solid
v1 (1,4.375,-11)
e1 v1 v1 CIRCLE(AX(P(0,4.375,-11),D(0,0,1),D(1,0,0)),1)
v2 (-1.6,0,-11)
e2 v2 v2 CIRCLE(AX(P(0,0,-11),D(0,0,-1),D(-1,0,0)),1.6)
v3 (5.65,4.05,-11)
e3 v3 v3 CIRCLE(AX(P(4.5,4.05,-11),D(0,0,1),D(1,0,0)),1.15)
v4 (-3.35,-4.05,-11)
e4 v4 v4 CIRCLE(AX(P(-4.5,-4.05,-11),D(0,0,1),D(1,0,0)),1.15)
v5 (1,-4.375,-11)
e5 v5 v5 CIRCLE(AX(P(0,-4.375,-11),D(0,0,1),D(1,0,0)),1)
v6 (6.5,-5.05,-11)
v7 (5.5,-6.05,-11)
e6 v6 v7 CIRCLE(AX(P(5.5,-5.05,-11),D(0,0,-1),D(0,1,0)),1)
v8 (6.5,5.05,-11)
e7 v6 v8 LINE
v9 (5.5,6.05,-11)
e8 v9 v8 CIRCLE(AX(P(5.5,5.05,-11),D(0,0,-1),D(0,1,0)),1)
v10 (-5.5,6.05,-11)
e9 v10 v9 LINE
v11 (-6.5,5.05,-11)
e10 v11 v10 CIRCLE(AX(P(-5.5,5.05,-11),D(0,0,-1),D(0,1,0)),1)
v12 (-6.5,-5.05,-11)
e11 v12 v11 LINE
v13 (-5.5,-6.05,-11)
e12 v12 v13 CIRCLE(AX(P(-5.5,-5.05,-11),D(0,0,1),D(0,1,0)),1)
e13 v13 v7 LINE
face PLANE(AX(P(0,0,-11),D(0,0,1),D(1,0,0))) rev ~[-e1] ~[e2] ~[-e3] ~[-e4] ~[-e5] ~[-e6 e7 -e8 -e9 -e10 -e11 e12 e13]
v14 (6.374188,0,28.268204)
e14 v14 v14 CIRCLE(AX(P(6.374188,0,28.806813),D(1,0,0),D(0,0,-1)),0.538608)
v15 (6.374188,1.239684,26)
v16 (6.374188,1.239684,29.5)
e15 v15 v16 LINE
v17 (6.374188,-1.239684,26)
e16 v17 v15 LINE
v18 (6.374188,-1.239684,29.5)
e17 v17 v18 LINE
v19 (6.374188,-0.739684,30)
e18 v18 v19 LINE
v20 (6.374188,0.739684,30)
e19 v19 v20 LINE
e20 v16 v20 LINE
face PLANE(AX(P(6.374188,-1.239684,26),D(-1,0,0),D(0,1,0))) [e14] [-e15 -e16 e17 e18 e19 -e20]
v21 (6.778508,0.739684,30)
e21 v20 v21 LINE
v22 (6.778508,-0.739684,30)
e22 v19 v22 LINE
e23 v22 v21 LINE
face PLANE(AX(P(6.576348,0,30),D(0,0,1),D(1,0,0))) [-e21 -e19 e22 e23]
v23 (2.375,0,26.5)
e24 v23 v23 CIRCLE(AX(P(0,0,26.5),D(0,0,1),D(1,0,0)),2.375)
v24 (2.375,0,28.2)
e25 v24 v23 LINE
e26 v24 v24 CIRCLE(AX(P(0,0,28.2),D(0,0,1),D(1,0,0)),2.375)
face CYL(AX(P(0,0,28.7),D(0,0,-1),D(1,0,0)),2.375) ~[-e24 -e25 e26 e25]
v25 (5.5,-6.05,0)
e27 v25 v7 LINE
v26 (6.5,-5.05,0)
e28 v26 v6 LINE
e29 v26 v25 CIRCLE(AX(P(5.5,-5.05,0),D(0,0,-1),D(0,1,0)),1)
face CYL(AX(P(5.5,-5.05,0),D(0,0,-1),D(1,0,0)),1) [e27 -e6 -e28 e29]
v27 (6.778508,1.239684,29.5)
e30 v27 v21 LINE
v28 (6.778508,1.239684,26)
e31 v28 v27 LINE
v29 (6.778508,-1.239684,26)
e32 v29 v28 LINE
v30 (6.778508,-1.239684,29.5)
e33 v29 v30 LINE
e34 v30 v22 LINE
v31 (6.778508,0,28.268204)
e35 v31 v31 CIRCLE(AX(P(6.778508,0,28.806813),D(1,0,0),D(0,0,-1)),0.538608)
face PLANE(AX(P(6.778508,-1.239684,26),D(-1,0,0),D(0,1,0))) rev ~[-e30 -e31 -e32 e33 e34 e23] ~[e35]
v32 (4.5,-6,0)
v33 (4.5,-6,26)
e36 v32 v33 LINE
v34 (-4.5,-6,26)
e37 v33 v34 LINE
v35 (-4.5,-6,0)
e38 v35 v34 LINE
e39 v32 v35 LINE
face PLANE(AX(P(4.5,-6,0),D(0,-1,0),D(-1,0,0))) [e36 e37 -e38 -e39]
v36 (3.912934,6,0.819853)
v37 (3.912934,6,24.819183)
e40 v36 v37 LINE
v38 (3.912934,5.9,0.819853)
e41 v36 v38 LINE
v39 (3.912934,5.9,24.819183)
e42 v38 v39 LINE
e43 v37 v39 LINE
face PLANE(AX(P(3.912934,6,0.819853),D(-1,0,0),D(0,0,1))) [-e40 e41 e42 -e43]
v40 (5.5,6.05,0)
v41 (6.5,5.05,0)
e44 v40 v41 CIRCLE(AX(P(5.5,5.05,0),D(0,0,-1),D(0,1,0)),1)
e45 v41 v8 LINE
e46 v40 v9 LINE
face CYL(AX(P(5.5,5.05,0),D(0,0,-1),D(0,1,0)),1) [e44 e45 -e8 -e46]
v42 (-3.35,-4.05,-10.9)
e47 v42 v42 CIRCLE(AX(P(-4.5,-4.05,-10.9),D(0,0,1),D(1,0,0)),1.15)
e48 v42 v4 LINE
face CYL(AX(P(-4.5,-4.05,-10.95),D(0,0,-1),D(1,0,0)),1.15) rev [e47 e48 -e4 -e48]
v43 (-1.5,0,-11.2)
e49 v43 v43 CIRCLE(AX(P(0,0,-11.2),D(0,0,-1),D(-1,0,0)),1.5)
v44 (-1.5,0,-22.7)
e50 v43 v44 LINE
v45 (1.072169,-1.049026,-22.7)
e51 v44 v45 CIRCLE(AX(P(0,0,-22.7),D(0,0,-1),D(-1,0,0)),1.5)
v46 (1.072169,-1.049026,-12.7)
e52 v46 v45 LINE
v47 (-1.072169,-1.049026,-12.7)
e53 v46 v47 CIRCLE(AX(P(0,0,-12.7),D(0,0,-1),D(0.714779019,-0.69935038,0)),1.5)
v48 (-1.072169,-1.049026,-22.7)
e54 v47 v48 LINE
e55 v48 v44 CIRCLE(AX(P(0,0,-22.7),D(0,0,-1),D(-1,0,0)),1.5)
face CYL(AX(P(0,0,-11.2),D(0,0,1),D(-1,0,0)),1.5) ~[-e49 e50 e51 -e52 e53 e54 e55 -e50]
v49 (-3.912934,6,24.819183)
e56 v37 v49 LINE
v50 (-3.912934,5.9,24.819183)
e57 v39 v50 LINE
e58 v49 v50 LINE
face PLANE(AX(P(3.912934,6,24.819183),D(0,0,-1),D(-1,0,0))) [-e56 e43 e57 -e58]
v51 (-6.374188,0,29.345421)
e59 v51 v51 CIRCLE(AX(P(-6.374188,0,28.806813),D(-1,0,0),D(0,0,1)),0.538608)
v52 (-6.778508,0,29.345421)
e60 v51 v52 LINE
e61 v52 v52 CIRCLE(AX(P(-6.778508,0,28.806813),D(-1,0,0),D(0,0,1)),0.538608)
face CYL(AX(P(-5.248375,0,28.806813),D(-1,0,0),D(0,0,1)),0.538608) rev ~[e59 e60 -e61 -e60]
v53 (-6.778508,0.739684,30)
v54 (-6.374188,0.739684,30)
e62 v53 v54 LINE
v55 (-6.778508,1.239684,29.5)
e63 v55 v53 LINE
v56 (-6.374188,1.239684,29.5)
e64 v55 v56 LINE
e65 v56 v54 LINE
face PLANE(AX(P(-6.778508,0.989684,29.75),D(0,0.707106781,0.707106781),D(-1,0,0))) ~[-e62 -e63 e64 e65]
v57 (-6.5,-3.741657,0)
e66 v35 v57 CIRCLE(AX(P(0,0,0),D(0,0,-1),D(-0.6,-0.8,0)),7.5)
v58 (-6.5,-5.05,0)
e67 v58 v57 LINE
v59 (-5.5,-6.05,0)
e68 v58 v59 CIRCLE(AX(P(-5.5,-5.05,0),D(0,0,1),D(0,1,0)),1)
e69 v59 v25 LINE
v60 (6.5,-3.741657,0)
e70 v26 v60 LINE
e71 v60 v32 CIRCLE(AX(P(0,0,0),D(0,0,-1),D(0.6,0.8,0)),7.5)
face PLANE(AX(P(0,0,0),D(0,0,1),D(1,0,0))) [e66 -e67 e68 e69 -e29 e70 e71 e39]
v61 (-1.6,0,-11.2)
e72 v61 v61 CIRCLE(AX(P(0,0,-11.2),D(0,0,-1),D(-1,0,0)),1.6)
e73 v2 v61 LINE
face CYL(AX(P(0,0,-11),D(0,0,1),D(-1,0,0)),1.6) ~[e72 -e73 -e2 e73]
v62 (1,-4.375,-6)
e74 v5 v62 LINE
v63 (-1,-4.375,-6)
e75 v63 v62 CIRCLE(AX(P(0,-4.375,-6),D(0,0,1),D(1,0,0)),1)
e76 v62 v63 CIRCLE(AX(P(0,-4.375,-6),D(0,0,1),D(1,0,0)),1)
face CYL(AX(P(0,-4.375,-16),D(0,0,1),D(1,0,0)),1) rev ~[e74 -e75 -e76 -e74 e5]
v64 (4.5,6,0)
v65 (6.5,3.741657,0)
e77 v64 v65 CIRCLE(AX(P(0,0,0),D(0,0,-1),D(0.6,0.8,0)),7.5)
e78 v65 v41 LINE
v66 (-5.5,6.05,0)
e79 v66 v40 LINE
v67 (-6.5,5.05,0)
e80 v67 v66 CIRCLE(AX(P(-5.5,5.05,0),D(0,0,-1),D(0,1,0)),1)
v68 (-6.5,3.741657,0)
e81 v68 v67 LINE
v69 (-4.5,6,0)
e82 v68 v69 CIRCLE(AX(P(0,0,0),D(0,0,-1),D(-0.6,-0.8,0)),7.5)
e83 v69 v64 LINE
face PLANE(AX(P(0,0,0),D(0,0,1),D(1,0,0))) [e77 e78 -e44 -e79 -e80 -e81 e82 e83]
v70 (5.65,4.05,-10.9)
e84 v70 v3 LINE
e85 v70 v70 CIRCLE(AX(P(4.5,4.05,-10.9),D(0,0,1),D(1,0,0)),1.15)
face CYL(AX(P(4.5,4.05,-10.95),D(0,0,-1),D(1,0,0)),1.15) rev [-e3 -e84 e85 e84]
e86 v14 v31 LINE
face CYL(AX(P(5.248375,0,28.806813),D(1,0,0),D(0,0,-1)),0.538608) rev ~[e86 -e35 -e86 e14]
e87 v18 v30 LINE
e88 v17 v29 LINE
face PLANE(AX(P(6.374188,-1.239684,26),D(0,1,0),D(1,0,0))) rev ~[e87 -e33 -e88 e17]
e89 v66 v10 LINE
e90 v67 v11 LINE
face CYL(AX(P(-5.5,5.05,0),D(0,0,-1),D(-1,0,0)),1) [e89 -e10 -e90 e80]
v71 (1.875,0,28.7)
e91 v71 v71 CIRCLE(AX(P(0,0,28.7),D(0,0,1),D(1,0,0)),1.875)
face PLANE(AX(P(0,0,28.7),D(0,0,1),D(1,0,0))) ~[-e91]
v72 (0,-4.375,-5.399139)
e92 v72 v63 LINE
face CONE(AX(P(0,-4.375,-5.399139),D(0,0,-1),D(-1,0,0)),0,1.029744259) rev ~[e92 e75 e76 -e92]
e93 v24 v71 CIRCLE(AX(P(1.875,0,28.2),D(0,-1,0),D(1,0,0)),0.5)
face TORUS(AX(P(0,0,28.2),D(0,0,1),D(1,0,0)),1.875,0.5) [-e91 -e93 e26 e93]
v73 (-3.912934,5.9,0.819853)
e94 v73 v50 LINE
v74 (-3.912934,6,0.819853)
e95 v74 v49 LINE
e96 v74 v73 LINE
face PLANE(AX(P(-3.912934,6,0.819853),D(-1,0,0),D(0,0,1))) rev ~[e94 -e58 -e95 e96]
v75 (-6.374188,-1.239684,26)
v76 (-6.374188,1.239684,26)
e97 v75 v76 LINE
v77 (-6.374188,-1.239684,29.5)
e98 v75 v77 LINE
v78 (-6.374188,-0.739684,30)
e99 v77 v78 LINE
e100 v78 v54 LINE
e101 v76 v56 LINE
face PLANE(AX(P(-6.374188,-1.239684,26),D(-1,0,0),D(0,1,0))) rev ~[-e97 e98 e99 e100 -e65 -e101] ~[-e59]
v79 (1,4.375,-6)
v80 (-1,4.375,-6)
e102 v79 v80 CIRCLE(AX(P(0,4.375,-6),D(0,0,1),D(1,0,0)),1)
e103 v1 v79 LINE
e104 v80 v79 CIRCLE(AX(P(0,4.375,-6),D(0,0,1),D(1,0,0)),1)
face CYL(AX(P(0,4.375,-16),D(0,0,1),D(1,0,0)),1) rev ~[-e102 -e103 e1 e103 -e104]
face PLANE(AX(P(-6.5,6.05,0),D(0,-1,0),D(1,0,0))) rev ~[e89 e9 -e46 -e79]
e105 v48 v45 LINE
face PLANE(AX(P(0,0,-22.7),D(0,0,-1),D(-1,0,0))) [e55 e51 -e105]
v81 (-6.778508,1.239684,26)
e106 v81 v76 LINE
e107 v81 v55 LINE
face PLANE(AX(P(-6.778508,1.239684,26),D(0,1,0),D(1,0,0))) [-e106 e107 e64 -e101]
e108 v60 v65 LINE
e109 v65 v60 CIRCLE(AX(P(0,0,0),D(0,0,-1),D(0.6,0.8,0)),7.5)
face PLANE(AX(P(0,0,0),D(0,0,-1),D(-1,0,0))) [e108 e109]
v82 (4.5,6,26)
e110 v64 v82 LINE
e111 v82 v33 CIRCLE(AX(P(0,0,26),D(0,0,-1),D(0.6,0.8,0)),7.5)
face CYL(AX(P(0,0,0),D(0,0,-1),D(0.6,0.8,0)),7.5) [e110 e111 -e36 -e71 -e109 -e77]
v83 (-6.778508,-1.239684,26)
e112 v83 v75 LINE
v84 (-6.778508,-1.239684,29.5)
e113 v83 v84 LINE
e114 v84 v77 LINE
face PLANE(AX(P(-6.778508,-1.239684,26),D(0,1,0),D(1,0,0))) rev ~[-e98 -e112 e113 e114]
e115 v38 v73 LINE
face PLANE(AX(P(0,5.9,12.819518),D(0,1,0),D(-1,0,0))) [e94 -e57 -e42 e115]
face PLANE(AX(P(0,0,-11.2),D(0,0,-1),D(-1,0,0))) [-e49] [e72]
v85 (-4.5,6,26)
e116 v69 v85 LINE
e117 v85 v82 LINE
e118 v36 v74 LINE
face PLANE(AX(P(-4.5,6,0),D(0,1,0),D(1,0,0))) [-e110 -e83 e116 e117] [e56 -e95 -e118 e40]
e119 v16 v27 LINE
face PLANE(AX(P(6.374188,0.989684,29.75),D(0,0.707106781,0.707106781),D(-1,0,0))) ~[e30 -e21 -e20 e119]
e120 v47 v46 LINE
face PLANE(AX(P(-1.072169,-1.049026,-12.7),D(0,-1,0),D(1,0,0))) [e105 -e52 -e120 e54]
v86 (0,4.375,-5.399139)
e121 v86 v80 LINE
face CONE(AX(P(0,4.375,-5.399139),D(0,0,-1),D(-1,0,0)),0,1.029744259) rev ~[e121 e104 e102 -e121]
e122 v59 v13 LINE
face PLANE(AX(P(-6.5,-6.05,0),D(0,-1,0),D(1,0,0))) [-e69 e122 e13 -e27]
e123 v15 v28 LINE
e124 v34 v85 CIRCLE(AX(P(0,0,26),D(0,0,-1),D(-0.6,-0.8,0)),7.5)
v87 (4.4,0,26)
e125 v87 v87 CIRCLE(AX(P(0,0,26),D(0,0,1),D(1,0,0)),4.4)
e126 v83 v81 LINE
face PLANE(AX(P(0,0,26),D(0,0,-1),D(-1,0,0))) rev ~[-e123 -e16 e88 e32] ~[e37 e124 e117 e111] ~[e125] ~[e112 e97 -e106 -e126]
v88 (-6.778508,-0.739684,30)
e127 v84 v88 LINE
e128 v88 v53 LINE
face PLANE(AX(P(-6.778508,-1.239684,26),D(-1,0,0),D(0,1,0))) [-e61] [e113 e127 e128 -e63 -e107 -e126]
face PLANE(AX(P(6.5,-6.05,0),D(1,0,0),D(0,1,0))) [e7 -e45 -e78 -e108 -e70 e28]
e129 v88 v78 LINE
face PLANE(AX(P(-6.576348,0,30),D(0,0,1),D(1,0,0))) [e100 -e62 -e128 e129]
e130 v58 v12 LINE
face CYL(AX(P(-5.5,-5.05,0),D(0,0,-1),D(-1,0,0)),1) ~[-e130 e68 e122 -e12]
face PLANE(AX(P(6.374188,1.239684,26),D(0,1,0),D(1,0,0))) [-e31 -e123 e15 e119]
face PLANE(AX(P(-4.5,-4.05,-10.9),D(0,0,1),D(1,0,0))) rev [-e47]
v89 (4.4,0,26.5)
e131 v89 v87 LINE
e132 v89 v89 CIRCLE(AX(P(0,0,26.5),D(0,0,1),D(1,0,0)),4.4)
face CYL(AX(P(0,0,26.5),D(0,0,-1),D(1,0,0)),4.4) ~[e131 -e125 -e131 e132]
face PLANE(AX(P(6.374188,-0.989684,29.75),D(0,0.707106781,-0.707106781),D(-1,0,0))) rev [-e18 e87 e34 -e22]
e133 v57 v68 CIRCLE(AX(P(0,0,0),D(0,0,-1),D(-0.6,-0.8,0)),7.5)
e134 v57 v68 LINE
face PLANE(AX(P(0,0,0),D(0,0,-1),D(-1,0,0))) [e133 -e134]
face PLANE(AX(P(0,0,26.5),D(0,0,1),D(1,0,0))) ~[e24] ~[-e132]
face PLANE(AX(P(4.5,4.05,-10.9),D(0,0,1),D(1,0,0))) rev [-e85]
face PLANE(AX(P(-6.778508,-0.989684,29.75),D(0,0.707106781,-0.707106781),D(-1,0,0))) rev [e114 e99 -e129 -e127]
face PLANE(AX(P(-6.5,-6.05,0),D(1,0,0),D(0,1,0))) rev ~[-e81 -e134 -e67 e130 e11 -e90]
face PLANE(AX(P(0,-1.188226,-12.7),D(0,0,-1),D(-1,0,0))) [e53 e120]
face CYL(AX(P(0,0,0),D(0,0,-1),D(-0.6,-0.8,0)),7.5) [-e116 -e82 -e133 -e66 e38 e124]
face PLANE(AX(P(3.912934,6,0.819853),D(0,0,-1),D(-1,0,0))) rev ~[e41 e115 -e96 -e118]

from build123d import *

# Parameters (mm, degrees)
CROQUIS1_W                        = 13
CROQUIS1_H                        = 12.1
SALIENTE_EXTRUIR1_DEPTH           = 11
SALIENTE_EXTRUIR2_DEPTH           = 26
CROQUIS3_R                        = 1.6
SALIENTE_EXTRUIR3_DEPTH           = 0.2
CROQUIS4_R                        = 1.5
SALIENTE_EXTRUIR4_DEPTH           = 11.5
CORTAR_EXTRUIR1_START             = -10
CORTAR_EXTRUIR1_DEPTH             = 10
CROQUIS6_W                        = 0.404320018
CROQUIS6_H                        = 2.479368964
SALIENTE_EXTRUIR5_DEPTH           = 4
CROQUIS7_W                        = 0.404320018
CROQUIS7_H                        = 2.479368964
SALIENTE_EXTRUIR6_DEPTH           = 4
CROQUIS8_W                        = 7.825868338
CROQUIS8_H                        = 23.999330497
CORTAR_EXTRUIR2_DEPTH             = 0.1
CROQUIS10_W                       = 1.15
CROQUIS10_H                       = 0.1
CROQUIS11_W                       = 1.15
CROQUIS11_H                       = 0.1
TALADRO1_D                        = 1.077216746
TALADRO1_DEPTH                    = 1.125812406
TALADRO2_D                        = 1.077216746
TALADRO2_DEPTH                    = 1.125812406
DI_METRO_DE_TALADRO_2_0_2_1_D     = 2
DI_METRO_DE_TALADRO_2_0_2_1_DEPTH = 5
DI_METRO_DE_TALADRO_2_0_2_1_TIP   = 0.600860619
CHAFL_N1_SIZE                     = 0.5
REDONDEO1_R                       = 0.5
REDONDEO2_R                       = 1


with BuildPart() as part:
    # Croquis1 → Saliente-Extruir1 (new body)
    with BuildSketch(Plane.XY):
        Rectangle(CROQUIS1_W, CROQUIS1_H)
    extrude(amount=-SALIENTE_EXTRUIR1_DEPTH)

    # Croquis2 → Saliente-Extruir2 (add)
    with BuildSketch(Plane.XY):
        with BuildLine():
            Line((-4.5, 6), (4.5, 6))
            ThreePointArc((4.5, 6), (7.5, 0), (4.5, -6))
            Line((4.5, -6), (-4.5, -6))
            ThreePointArc((-4.5, -6), (-7.5, 0), (-4.5, 6))
        make_face()
    extrude(amount=SALIENTE_EXTRUIR2_DEPTH)

    # Croquis3 → Saliente-Extruir3 (add)
    with BuildSketch(Plane(origin=(0, 0, -11), x_dir=(-1, 0, 0), z_dir=(0, 0, -1))):
        Circle(CROQUIS3_R)
    extrude(amount=SALIENTE_EXTRUIR3_DEPTH)

    # Croquis4 → Saliente-Extruir4 (add)
    with BuildSketch(Plane(origin=(0, 0, -11.2), x_dir=(-1, 0, 0), z_dir=(0, 0, -1))):
        Circle(CROQUIS4_R)
    extrude(amount=SALIENTE_EXTRUIR4_DEPTH)

    # Croquis5 → Cortar-Extruir1 (cut)
    with BuildSketch(Plane(origin=(0, 0, -22.7), x_dir=(-1, 0, 0), z_dir=(0, 0, -1)).offset(CORTAR_EXTRUIR1_START)):
        with BuildLine():
            Line((1.072168527, -1.049025571), (-1.072168527, -1.049025571))
            ThreePointArc((-1.072168527, -1.049025571), (0, -1.5), (1.072168527, -1.049025571))
        make_face()
    extrude(amount=CORTAR_EXTRUIR1_DEPTH, mode=Mode.SUBTRACT)

    # Croquis6 → Saliente-Extruir5 (add)
    with BuildSketch(Plane.XY.offset(26)):
        with Locations((-6.576347603, 0)):
            Rectangle(CROQUIS6_W, CROQUIS6_H)
    extrude(amount=SALIENTE_EXTRUIR5_DEPTH)

    # Croquis7 → Saliente-Extruir6 (add)
    with BuildSketch(Plane.XY.offset(26)):
        with Locations((6.576347603, 0)):
            Rectangle(CROQUIS7_W, CROQUIS7_H)
    extrude(amount=SALIENTE_EXTRUIR6_DEPTH)

    # Croquis8 → Cortar-Extruir2 (cut)
    with BuildSketch(Plane(origin=(0, 6, 0), x_dir=(-1, 0, 0), z_dir=(0, 1, 0))):
        with Locations((0, 12.819518154)):
            Rectangle(CROQUIS8_W, CROQUIS8_H)
    extrude(amount=-CORTAR_EXTRUIR2_DEPTH, mode=Mode.SUBTRACT)

    # Croquis9 → Revolución1 (revolve)
    with BuildSketch(Plane(origin=(0, 0, 0), x_dir=(1, 0, 0), z_dir=(0, 1, 0))):
        Polygon((4.4, -26), (0, -26), (0, -28.7), (2.375, -28.7), (2.375, -26.5), (4.4, -26.5), align=None)
    revolve(axis=Axis((0, 0, 26), (0, 0, 1)))

    # Croquis10 → Cortar-Revolución1 (revolve, cut)
    with BuildSketch(Plane(origin=(0, -4.05, 0), x_dir=(1, 0, 0), z_dir=(0, 1, 0))):
        with Locations((-3.925, 10.95)):
            Rectangle(CROQUIS10_W, CROQUIS10_H)
    revolve(axis=Axis((-4.5, -4.05, -11), (0, 0, 1)), mode=Mode.SUBTRACT)

    # Croquis11 → Cortar-Revolución2 (revolve, cut)
    with BuildSketch(Plane(origin=(0, 4.05, 0), x_dir=(1, 0, 0), z_dir=(0, 1, 0))):
        with Locations((5.075, 10.95)):
            Rectangle(CROQUIS11_W, CROQUIS11_H)
    revolve(axis=Axis((4.5, 4.05, -11), (0, 0, 1)), mode=Mode.SUBTRACT)

    # Taladro1
    with Locations(Plane(origin=(-6.374187594, 0, 0), x_dir=(0, 0, -1), z_dir=(1, 0, 0))):
        with Locations((-28.806812644, 0)):
            Hole(TALADRO1_D / 2, depth=TALADRO1_DEPTH)

    # Taladro2
    with Locations(Plane.ZY.offset(-6.374187594)):
        with Locations((28.806812644, 0)):
            Hole(TALADRO2_D / 2, depth=TALADRO2_DEPTH)

    # Diámetro de taladro Ø2.0 (2)1
    with Locations(Plane(origin=(0, 0, -11), x_dir=(-1, 0, 0), z_dir=(0, 0, -1))):
        with Locations((0, 4.375), (0, -4.375)):
            Hole(DI_METRO_DE_TALADRO_2_0_2_1_D / 2, depth=DI_METRO_DE_TALADRO_2_0_2_1_DEPTH)
            with Locations((0, 0, -(DI_METRO_DE_TALADRO_2_0_2_1_DEPTH + DI_METRO_DE_TALADRO_2_0_2_1_TIP / 2))):  # 118° drill point
                Cone(0, DI_METRO_DE_TALADRO_2_0_2_1_D / 2, DI_METRO_DE_TALADRO_2_0_2_1_TIP, mode=Mode.SUBTRACT)

    # Chaflán1
    chafl_n1_edges = [part.edges().sort_by_distance(p)[0] for p in [
        (-6.576347603, -1.239684482, 30),
        (-6.576347603, 1.239684482, 30),
        (6.576347603, 1.239684482, 30),
        (6.576347603, -1.239684482, 30),
    ]]
    chamfer(chafl_n1_edges, length=CHAFL_N1_SIZE)

    # Redondeo1
    redondeo1_edges = [part.edges().sort_by_distance(p)[0] for p in [
        (-2.375, 0, 28.7),
    ]]
    fillet(redondeo1_edges, radius=REDONDEO1_R)

    # Redondeo2
    redondeo2_edges = [part.edges().sort_by_distance(p)[0] for p in [
        (-6.5, -6.05, -5.5),
        (-6.5, 6.05, -5.5),
        (6.5, 6.05, -5.5),
        (6.5, -6.05, -5.5),
    ]]
    fillet(redondeo2_edges, radius=REDONDEO2_R)


solid = part.part
